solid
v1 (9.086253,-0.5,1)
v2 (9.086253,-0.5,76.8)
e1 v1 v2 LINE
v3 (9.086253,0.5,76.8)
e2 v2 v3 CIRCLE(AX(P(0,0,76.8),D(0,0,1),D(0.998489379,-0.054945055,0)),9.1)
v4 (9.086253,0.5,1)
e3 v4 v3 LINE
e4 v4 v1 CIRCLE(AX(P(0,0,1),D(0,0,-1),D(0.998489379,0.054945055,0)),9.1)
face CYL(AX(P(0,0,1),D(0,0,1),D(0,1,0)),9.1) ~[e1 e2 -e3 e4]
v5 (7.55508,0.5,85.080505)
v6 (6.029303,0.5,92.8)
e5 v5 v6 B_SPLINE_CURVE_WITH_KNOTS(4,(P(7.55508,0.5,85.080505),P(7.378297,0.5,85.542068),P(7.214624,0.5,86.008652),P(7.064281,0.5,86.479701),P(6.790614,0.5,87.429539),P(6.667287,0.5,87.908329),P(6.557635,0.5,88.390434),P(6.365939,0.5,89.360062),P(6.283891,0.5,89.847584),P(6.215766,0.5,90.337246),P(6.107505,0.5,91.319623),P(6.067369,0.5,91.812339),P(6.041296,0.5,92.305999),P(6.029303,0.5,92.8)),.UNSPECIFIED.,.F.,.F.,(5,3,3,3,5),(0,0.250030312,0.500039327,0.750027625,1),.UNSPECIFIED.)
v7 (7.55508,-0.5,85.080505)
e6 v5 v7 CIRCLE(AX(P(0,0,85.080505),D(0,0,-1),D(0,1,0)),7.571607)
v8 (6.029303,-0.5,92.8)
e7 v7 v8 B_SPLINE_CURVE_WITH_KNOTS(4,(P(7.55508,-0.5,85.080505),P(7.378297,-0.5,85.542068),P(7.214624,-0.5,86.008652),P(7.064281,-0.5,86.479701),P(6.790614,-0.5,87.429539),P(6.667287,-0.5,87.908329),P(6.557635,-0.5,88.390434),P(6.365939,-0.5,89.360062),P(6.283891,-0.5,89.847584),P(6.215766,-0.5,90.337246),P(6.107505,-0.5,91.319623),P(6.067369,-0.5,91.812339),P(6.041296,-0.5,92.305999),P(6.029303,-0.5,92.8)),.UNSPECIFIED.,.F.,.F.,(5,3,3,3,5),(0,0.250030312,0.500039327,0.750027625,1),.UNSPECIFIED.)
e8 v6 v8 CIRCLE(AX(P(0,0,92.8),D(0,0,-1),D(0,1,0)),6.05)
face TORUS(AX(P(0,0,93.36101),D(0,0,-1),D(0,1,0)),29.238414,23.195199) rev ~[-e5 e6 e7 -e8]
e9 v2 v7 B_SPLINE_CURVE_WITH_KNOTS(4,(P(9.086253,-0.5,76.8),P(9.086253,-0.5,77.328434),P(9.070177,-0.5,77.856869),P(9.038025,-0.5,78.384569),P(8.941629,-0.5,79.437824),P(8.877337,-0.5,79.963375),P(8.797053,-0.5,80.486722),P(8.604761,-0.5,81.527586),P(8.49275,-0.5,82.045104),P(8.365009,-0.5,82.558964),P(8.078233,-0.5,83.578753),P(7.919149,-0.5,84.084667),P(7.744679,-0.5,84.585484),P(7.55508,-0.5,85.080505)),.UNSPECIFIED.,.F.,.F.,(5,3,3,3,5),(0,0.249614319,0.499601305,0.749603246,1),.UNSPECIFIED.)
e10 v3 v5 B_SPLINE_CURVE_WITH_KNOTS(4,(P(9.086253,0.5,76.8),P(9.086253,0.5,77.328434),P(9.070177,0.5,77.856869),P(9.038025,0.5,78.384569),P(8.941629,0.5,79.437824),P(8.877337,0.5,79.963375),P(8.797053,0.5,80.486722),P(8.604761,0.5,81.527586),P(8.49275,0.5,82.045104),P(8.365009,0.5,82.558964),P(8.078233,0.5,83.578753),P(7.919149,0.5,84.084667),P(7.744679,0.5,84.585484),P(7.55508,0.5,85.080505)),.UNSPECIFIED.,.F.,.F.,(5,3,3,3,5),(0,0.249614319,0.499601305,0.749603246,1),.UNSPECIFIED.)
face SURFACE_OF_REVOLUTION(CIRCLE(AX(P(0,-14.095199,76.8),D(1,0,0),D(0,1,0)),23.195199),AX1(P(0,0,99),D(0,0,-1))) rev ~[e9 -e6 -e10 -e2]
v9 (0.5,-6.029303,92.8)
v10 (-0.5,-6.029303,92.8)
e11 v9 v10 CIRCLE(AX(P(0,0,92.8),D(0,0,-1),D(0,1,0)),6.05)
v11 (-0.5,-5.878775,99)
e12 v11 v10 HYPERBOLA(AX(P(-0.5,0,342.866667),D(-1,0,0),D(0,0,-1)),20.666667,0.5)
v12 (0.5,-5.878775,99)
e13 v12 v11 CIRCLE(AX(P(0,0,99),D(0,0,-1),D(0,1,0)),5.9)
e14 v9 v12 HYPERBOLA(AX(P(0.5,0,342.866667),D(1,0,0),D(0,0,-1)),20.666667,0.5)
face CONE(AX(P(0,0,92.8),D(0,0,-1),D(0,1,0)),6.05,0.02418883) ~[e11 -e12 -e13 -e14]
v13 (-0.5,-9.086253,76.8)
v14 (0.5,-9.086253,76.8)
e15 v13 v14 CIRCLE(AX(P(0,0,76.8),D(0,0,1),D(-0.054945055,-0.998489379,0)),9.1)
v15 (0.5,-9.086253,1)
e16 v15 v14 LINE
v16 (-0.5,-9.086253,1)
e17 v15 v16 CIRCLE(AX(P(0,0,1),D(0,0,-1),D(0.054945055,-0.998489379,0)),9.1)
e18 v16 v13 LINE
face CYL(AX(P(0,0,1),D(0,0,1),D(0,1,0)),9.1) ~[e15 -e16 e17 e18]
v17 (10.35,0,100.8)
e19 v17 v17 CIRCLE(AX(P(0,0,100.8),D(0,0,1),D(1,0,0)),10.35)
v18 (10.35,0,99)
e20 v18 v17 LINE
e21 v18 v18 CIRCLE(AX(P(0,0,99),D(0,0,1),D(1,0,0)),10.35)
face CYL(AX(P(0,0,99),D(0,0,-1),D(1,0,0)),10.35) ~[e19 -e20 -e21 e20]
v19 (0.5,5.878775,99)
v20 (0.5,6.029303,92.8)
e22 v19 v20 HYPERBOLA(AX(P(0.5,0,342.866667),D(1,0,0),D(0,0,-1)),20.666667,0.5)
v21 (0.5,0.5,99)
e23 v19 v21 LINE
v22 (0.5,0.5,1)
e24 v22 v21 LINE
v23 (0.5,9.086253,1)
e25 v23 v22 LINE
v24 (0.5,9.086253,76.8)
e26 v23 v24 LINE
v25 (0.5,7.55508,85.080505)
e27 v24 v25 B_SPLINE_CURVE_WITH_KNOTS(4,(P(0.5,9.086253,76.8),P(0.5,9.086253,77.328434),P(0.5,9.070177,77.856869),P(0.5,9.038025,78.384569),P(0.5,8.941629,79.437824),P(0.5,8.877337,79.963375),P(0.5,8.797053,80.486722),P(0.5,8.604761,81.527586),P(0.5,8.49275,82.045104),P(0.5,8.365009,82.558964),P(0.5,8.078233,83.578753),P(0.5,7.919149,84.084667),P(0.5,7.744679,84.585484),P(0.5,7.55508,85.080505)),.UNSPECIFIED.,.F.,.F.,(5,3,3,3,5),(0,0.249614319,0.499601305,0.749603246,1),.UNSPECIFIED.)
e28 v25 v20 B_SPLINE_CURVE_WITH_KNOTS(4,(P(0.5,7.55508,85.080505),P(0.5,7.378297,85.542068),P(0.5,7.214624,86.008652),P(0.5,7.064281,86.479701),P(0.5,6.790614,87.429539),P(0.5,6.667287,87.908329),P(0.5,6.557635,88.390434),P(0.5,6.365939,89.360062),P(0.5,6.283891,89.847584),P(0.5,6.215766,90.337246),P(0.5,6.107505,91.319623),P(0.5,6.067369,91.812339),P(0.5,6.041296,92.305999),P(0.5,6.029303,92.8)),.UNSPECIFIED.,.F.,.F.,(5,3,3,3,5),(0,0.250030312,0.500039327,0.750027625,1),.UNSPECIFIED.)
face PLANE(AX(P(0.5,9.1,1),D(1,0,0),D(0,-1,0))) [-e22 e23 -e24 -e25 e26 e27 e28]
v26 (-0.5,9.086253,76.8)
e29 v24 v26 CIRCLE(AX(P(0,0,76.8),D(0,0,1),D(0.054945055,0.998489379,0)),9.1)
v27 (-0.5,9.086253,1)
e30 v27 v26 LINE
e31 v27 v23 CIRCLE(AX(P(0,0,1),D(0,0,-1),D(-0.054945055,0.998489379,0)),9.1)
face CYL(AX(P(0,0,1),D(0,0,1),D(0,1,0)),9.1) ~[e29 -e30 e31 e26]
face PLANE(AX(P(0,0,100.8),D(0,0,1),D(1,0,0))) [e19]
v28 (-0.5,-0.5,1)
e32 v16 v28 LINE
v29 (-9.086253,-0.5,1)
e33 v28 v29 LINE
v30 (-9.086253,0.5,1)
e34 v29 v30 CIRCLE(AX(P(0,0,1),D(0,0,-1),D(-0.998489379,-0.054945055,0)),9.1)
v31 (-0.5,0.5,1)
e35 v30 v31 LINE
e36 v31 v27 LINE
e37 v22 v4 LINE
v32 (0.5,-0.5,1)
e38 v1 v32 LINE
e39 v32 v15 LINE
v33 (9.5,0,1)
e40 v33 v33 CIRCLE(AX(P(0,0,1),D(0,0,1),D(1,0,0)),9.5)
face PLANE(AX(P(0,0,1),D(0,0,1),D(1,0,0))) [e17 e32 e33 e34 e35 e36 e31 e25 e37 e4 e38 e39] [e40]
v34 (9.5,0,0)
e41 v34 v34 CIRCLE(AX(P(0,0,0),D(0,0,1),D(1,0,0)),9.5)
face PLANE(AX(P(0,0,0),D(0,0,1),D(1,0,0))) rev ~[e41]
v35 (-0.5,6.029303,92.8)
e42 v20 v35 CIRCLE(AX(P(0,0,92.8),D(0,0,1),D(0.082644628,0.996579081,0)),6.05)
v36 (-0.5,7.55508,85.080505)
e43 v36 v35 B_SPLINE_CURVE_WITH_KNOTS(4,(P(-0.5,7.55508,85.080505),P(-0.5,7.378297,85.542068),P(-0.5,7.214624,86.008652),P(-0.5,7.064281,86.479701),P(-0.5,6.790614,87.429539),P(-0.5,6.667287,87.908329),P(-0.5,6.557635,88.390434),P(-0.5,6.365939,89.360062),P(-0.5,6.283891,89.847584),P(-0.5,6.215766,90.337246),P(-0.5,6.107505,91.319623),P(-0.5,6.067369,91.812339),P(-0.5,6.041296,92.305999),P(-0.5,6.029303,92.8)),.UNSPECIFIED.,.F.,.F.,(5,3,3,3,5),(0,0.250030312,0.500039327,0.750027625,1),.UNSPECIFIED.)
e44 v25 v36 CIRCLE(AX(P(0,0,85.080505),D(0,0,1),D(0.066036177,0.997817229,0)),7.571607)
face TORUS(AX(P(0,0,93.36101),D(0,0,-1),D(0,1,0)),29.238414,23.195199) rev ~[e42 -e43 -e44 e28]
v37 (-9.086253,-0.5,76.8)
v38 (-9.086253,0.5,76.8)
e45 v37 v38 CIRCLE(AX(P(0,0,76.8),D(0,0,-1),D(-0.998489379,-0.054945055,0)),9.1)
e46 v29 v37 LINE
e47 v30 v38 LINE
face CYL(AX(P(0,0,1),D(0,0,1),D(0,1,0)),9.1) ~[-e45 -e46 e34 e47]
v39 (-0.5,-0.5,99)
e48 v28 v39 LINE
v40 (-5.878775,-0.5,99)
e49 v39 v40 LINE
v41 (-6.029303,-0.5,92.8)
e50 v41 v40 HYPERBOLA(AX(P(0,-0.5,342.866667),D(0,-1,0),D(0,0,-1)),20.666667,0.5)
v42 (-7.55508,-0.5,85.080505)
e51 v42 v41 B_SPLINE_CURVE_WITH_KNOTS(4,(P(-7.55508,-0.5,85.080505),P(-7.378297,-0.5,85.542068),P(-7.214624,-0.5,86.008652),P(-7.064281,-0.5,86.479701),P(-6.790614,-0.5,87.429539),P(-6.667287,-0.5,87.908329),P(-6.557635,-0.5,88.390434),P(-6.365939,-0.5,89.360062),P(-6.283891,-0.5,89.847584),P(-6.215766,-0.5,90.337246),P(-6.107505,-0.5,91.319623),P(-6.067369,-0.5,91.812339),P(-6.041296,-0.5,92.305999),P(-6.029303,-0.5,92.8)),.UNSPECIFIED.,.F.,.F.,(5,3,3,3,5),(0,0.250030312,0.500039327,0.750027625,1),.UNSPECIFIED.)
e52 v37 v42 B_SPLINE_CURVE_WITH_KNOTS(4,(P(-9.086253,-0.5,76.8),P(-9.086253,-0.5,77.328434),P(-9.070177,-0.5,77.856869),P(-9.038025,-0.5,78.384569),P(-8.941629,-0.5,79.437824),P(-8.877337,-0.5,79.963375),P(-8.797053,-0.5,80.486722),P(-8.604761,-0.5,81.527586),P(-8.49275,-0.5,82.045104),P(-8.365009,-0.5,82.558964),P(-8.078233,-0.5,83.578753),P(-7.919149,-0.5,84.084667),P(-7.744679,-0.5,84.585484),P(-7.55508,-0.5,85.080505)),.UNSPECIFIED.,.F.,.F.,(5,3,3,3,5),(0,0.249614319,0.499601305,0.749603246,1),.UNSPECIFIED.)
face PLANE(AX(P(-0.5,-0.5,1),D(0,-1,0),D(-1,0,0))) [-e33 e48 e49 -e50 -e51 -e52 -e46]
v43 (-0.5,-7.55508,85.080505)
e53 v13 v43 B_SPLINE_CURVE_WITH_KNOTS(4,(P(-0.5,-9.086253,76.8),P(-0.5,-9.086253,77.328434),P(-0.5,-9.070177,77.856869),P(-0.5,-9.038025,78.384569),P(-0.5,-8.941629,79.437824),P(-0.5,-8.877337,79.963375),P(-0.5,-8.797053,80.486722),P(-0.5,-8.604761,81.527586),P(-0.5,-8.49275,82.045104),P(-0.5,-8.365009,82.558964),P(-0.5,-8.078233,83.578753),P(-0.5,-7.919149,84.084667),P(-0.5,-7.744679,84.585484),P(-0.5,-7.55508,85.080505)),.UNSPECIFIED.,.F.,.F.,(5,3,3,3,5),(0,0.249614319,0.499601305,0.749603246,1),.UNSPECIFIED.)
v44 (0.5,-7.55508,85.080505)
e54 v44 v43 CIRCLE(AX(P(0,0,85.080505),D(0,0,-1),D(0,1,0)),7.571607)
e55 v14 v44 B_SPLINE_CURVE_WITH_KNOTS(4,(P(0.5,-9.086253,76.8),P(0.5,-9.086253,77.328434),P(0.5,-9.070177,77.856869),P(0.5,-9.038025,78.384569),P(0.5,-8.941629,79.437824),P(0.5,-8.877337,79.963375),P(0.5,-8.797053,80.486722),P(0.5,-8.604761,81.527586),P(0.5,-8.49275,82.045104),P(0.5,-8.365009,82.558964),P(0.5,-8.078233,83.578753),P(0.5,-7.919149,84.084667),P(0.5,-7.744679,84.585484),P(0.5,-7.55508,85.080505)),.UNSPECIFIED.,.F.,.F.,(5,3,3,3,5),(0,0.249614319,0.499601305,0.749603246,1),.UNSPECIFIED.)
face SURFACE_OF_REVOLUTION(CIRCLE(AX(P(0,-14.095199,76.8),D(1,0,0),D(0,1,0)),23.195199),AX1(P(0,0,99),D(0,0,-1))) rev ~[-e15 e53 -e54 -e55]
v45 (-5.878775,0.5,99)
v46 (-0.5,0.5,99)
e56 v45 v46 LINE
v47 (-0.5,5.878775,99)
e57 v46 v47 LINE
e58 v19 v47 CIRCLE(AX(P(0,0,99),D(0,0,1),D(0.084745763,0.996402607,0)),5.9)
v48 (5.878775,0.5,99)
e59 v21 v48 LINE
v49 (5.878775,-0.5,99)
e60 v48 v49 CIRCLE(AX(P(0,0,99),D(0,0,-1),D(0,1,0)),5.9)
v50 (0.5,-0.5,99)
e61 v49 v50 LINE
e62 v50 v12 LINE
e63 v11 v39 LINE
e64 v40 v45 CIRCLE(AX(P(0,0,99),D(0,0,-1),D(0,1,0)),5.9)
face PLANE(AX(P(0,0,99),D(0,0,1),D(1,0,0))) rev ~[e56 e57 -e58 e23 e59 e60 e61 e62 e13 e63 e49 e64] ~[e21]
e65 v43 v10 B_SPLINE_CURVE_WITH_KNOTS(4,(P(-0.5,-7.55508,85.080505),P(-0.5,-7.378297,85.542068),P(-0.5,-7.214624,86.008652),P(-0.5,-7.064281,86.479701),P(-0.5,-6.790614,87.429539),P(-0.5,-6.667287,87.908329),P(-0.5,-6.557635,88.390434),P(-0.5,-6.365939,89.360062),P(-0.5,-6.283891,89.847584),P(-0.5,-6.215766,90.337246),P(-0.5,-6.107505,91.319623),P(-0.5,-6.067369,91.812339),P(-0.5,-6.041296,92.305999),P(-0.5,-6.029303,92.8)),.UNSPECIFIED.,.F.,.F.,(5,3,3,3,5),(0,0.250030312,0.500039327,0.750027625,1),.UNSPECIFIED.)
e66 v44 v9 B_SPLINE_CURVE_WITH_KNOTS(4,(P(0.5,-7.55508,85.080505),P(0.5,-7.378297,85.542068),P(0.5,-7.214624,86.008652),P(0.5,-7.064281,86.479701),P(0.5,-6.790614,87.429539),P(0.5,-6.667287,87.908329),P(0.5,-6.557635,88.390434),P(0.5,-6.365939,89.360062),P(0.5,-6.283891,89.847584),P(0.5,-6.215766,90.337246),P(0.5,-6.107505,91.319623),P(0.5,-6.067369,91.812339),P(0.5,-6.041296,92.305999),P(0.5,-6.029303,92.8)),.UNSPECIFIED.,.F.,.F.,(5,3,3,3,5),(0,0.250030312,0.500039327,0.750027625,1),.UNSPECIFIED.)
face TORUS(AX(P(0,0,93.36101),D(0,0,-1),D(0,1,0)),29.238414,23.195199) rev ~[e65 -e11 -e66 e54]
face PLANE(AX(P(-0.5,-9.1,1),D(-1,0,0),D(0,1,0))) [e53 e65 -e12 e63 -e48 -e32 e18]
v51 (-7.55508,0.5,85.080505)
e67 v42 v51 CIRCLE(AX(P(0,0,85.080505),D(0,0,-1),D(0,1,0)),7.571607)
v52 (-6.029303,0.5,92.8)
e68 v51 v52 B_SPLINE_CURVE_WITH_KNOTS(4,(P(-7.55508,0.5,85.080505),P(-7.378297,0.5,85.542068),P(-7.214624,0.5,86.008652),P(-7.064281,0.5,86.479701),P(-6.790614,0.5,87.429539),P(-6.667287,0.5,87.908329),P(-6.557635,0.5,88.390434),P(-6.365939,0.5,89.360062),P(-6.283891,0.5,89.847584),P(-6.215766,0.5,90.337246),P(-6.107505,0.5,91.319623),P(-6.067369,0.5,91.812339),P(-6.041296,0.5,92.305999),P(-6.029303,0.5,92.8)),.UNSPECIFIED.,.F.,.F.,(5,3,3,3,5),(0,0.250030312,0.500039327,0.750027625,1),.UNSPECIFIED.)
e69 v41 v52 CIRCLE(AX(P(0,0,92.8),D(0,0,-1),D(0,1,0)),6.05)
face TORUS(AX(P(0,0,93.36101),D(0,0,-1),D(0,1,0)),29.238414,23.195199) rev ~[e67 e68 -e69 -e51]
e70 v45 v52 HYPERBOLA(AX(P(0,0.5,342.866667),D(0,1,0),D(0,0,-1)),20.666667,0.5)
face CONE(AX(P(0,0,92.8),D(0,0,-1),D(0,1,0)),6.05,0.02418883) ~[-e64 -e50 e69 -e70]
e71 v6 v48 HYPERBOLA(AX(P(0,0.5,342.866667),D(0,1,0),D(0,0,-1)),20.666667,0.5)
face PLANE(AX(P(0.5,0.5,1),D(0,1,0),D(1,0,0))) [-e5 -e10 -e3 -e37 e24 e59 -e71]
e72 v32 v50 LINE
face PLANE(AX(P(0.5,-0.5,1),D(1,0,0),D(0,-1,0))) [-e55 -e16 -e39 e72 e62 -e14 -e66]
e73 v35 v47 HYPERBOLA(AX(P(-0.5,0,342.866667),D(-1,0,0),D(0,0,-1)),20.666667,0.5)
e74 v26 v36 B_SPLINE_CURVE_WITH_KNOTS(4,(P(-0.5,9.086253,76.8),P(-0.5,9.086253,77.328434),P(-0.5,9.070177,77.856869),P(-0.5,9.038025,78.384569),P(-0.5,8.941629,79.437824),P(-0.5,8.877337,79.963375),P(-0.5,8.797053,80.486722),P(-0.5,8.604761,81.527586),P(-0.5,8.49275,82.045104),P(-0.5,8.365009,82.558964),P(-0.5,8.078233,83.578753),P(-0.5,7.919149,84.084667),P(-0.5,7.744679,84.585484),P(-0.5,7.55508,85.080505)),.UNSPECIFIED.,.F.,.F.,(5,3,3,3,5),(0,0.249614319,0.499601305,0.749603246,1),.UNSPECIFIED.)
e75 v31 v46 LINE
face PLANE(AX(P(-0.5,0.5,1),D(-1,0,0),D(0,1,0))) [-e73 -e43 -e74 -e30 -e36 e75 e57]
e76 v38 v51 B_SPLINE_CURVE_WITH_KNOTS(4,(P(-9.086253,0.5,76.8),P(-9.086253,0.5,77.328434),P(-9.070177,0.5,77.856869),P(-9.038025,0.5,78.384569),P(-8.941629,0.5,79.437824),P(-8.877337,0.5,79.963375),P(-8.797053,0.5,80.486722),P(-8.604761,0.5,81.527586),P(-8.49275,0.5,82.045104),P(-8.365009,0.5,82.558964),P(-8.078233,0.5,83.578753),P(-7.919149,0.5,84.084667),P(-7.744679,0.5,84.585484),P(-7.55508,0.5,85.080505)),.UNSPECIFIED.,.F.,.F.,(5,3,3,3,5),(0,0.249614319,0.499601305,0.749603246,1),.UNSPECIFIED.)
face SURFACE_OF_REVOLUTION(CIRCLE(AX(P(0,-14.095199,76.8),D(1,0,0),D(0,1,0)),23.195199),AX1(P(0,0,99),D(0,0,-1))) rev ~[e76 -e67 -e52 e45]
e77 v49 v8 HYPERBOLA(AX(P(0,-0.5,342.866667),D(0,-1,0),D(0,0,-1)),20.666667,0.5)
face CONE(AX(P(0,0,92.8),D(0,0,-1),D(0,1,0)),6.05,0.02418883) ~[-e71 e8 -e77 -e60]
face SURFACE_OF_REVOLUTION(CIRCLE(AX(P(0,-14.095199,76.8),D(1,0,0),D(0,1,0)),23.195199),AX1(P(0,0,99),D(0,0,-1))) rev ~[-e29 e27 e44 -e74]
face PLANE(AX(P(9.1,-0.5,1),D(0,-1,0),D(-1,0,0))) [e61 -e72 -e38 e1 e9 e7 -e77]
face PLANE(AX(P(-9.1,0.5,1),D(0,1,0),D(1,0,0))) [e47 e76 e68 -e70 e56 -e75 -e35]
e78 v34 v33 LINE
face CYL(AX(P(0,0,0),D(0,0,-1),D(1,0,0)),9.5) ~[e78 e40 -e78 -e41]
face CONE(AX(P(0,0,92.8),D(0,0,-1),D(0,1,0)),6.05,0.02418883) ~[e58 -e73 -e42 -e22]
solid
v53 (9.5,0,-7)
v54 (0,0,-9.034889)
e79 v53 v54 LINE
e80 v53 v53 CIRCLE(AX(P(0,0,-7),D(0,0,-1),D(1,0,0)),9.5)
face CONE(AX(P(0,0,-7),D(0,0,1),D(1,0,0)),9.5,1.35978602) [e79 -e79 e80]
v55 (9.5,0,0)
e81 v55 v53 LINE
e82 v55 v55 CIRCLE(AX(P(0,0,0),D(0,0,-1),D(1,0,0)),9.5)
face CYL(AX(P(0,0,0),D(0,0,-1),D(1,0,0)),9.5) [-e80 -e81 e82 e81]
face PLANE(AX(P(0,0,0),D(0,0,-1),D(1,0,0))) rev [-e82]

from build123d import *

# Parameters (mm, degrees)
SKETCH1_R           = 9.5
BOSS_EXTRUDE1_DEPTH = 1
BOSS_EXTRUDE2_DEPTH = 98
SKETCH3_R           = 10.35
BOSS_EXTRUDE3_DEPTH = 1.8


with BuildPart() as part:
    # Sketch1 → Boss-Extrude1 (new body)
    with BuildSketch(Plane.XY):
        Circle(SKETCH1_R)
    extrude(amount=BOSS_EXTRUDE1_DEPTH)

    # Sketch2 → Boss-Extrude2 (add)
    with BuildSketch(Plane.XY.offset(1)):
        Polygon((-0.5, 9.1), (0.5, 9.1), (0.5, 0.5), (9.1, 0.5), (9.1, -0.5), (0.5, -0.5), (0.5, -9.1), (-0.5, -9.1), (-0.5, -0.5), (-9.1, -0.5), (-9.1, 0.5), (-0.5, 0.5), align=None)
    extrude(amount=BOSS_EXTRUDE2_DEPTH)

    # Sketch3 → Boss-Extrude3 (add)
    with BuildSketch(Plane.XY.offset(99)):
        Circle(SKETCH3_R)
    extrude(amount=BOSS_EXTRUDE3_DEPTH)

    # Sketch4 → Cut-Revolve1 (revolve, cut)
    with BuildSketch(Plane(origin=(0, 0, 0), x_dir=(0, 0, -1), z_dir=(1, 0, 0))):
        with BuildLine():
            Line((-99, 5.9), (-99, 9.1))
            Line((-99, 9.1), (-99, 10.35))
            Line((-99, 10.35), (-1, 10.35))
            Line((-1, 10.35), (-1, 9.1))
            Line((-1, 9.1), (-76.8, 9.1))
            ThreePointArc((-76.8, 9.1), (-81.01018846, 8.714701704), (-85.080505008, 7.571607291))
            ThreePointArc((-85.080505008, 7.571607291), (-88.875263794, 6.481099639), (-92.8, 6.05))
            Line((-92.8, 6.05), (-99, 5.9))
        make_face()
    revolve(axis=Axis((0, 0, 99), (0, 0, -1)), mode=Mode.SUBTRACT)


with BuildPart() as body_2:
    # Sketch6 → Revolve1 (revolve)
    with BuildSketch(Plane(origin=(0, 0, 0), x_dir=(0, 0, -1), z_dir=(1, 0, 0)), mode=Mode.PRIVATE) as revolve1_sk:
        Polygon((0, 0), (0, 9.5), (7, 9.5), (9.034889329, 0), align=None)
    revolve(revolve1_sk.sketch.rotate(Axis((0, 0, 0), (0, 0, -1)), 90), axis=Axis((0, 0, 0), (0, 0, -1)))


solid = Compound([part.part, body_2.part])
